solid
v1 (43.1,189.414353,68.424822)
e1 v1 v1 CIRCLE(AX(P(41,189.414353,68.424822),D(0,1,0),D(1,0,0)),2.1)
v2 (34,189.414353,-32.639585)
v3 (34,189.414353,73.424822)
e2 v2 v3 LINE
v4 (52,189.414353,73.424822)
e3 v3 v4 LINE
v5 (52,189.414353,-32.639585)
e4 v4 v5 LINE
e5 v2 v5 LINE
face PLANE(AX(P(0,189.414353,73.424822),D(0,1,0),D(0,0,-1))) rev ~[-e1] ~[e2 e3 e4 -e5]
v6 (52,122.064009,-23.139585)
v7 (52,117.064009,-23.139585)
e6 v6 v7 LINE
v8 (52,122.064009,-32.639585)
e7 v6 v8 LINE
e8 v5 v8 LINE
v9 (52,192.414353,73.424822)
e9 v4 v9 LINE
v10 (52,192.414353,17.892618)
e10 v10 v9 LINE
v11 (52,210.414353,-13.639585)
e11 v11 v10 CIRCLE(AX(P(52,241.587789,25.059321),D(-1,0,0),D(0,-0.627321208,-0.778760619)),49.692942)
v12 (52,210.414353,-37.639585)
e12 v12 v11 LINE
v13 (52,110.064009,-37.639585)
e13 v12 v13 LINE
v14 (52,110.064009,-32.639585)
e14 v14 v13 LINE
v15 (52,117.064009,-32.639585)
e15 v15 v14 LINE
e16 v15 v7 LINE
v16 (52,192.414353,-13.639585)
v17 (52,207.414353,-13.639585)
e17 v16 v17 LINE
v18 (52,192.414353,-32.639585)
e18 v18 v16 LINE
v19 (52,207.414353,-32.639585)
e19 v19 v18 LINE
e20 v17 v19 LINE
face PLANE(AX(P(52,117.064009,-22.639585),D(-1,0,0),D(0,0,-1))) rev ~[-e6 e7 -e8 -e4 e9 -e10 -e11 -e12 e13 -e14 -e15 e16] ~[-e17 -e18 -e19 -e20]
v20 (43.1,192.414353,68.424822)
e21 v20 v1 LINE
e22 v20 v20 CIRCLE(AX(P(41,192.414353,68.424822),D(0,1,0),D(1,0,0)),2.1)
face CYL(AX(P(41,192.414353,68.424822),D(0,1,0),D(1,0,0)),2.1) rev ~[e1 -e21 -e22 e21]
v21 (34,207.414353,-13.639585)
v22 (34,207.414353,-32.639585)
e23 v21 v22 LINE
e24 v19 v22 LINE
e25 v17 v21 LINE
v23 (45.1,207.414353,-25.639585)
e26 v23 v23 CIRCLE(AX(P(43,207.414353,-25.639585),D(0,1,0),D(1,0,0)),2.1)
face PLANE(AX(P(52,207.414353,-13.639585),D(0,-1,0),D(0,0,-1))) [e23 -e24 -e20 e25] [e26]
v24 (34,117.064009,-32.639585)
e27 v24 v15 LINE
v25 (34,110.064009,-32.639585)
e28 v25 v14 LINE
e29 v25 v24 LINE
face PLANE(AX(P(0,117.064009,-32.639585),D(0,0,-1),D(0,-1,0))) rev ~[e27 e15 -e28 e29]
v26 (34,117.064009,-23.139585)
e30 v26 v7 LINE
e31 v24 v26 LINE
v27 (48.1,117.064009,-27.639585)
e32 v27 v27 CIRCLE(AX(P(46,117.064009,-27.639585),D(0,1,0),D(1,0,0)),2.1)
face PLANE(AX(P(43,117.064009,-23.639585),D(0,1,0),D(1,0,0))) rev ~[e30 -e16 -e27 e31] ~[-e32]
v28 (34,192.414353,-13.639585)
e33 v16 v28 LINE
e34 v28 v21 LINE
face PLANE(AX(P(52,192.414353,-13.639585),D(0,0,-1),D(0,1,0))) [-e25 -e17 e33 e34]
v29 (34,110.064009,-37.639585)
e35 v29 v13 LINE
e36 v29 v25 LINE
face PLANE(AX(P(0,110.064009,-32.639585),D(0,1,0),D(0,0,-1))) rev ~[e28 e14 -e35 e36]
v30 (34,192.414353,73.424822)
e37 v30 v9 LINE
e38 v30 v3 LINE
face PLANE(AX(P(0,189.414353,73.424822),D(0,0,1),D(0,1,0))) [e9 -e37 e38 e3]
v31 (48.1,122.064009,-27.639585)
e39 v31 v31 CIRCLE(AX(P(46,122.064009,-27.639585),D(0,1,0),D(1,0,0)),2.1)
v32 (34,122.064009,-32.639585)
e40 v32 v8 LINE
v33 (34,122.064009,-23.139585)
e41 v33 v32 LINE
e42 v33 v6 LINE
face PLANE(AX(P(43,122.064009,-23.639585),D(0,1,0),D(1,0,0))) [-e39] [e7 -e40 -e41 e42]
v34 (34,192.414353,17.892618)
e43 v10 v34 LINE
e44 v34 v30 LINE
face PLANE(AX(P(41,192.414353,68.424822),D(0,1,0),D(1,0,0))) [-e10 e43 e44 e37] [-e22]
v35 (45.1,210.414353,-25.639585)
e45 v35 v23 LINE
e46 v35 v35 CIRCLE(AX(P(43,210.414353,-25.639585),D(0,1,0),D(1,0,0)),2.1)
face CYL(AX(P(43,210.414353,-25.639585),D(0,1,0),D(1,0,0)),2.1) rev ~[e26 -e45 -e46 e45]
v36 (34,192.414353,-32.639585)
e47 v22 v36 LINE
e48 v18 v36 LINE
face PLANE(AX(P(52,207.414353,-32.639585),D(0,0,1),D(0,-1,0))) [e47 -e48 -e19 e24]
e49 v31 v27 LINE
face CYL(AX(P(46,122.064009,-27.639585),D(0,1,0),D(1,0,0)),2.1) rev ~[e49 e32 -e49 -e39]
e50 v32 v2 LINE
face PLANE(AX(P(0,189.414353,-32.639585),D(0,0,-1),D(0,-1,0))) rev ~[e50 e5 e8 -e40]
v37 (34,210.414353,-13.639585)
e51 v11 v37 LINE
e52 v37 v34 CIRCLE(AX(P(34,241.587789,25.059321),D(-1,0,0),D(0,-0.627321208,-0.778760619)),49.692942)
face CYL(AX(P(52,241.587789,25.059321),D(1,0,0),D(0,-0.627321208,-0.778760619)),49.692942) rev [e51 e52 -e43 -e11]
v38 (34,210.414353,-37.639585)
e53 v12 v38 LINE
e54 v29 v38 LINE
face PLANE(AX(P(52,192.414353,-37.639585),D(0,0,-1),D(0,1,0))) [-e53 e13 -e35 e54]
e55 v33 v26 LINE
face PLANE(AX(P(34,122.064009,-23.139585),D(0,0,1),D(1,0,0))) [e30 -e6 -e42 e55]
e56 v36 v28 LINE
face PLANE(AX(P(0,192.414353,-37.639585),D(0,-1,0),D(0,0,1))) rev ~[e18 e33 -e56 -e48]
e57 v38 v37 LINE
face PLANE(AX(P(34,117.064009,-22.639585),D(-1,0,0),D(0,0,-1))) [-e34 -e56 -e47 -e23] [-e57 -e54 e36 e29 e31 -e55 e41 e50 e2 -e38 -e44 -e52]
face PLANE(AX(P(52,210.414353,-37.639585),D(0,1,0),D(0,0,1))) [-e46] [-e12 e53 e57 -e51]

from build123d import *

# Parameters (mm, degrees)
SKETCH4_W           = 106.06440689
SKETCH4_H           = 3
SKETCH4_W_2         = 10
SKETCH4_H_2         = 5
BOSS_EXTRUDE1_DEPTH = 52
SKETCH5_R           = 2.1
CUT_EXTRUDE1_DEPTH  = 52
SKETCH6_R           = 2.1
CUT_EXTRUDE2_DEPTH  = 52
SKETCH7_W           = 16
SKETCH7_H           = 82.35034403
CUT_EXTRUDE4_DEPTH  = 124
BOSS_EXTRUDE2_DEPTH = 18
SKETCH9_R           = 2.1
CUT_EXTRUDE5_DEPTH  = 6
BOSS_EXTRUDE3_DEPTH = 18
SKETCH12_R          = 2.1
CUT_EXTRUDE7_DEPTH  = 11
SKETCH13_W          = 30.758926903
SKETCH13_H          = 118.81058029
CUT_EXTRUDE8_DEPTH  = 134
SKETCH14_W          = 18
SKETCH14_H          = 2
CUT_EXTRUDE9_DEPTH  = 10
BOSS_EXTRUDE4_START = -5
SKETCH15_W          = 18
SKETCH15_H          = 2
SKETCH15_R          = 2.1
BOSS_EXTRUDE4_DEPTH = 5
SKETCH16_R          = 2.1
CUT_EXTRUDE10_DEPTH = 68
SKETCH17_R          = 2.1
BOSS_EXTRUDE5_DEPTH = 3
SKETCH18_R          = 2.1
CUT_EXTRUDE11_DEPTH = 68
SKETCH19_W          = 18
SKETCH19_H          = 0.5
CUT_EXTRUDE12_DEPTH = 68
SKETCH20_W          = 7.887405645
SKETCH20_H          = 8
BOSS_EXTRUDE6_DEPTH = 5
SKETCH21_R          = 2.1
CUT_EXTRUDE13_DEPTH = 10


with BuildPart() as part:
    # Sketch4 → Boss-Extrude1 (new body)
    with BuildSketch(Plane(origin=(0, 0, 0), x_dir=(0, 0, -1), z_dir=(1, 0, 0))):
        with Locations((-20.39261819, 190.914352888)):
            Rectangle(SKETCH4_W, SKETCH4_H)
        Polygon((32.639585255, 189.414352888), (32.639585255, 122.064008858), (32.639585255, 117.064008858), (32.639585255, 110.064008858), (37.639585255, 110.064008858), (37.639585255, 192.414352888), (32.639585255, 192.414352888), align=None)
        with Locations((27.639585255, 119.564008858)):
            Rectangle(SKETCH4_W_2, SKETCH4_H_2)
    extrude(amount=BOSS_EXTRUDE1_DEPTH)

    # Sketch5 → Cut-Extrude1 (cut)
    with BuildSketch(Plane(origin=(0, 122.064008858, 0), x_dir=(1, 0, 0), z_dir=(0, 1, 0))):
        with Locations((6, 27.049585255)):
            Circle(SKETCH5_R)
        with Locations((46, 27.639585255)):
            Circle(SKETCH5_R)
    extrude(amount=-CUT_EXTRUDE1_DEPTH, mode=Mode.SUBTRACT)

    # Sketch6 → Cut-Extrude2 (cut)
    with BuildSketch(Plane(origin=(0, 192.414352888, 0), x_dir=(1, 0, 0), z_dir=(0, 1, 0))):
        with Locations((41, -68.424821635)):
            Circle(SKETCH6_R)
        with Locations((11, -68.424821635)):
            Circle(SKETCH6_R)
    extrude(amount=-CUT_EXTRUDE2_DEPTH, mode=Mode.SUBTRACT)

    # Sketch7 → Cut-Extrude4 (cut)
    with BuildSketch(Plane(origin=(0, 0, -37.639585255), x_dir=(-1, 0, 0), z_dir=(0, 0, -1))):
        with Locations((-26, 151.239180873)):
            Rectangle(SKETCH7_W, SKETCH7_H)
    extrude(amount=-CUT_EXTRUDE4_DEPTH, mode=Mode.SUBTRACT)

    # Sketch8 → Boss-Extrude2 (add)
    with BuildSketch(Plane.ZY):
        with BuildLine():
            Line((-37.639585255, 210.414352888), (-37.639585255, 192.414352888))
            Line((-37.639585255, 192.414352888), (-32.639585255, 192.414352888))
            Line((-32.639585255, 192.414352888), (-32.639585255, 207.414352888))
            Line((-32.639585255, 207.414352888), (-13.639585255, 207.414352888))
            Line((-13.639585255, 207.414352888), (-13.639585255, 192.414352888))
            Line((-13.639585255, 192.414352888), (17.89261819, 192.414352888))
            ThreePointArc((17.89261819, 192.414352888), (0.423706042, 198.431388178), (-13.639585255, 210.414352888))
            Line((-13.639585255, 210.414352888), (-37.639585255, 210.414352888))
        make_face()
    extrude(amount=-BOSS_EXTRUDE2_DEPTH)

    # Sketch9 → Cut-Extrude5 (cut)
    with BuildSketch(Plane(origin=(0, 210.414352888, 0), x_dir=(1, 0, 0), z_dir=(0, 1, 0))):
        with Locations((9, 25.639585255)):
            Circle(SKETCH9_R)
    extrude(amount=-CUT_EXTRUDE5_DEPTH, mode=Mode.SUBTRACT)

    # Sketch11 → Boss-Extrude3 (add)
    with BuildSketch(Plane(origin=(52, 0, 0), x_dir=(0, 0, -1), z_dir=(1, 0, 0))):
        with BuildLine():
            Line((32.639585255, 192.414352888), (37.639585255, 192.414352888))
            Line((37.639585255, 192.414352888), (37.639585255, 210.414352888))
            Line((37.639585255, 210.414352888), (13.639585255, 210.414352888))
            ThreePointArc((13.639585255, 210.414352888), (-0.423706042, 198.431388178), (-17.89261819, 192.414352888))
            Line((-17.89261819, 192.414352888), (13.639585255, 192.414352888))
            Line((13.639585255, 192.414352888), (13.639585255, 207.414352888))
            Line((13.639585255, 207.414352888), (32.639585255, 207.414352888))
            Line((32.639585255, 207.414352888), (32.639585255, 192.414352888))
        make_face()
    extrude(amount=-BOSS_EXTRUDE3_DEPTH)

    # Sketch12 → Cut-Extrude7 (cut)
    with BuildSketch(Plane(origin=(0, 210.414352888, 0), x_dir=(1, 0, 0), z_dir=(0, 1, 0))):
        with Locations((43, 25.639585255)):
            Circle(SKETCH12_R)
    extrude(amount=-CUT_EXTRUDE7_DEPTH, mode=Mode.SUBTRACT)

    # Sketch13 → Cut-Extrude8 (cut)
    with BuildSketch(Plane(origin=(0, 210.414352888, 0), x_dir=(1, 0, 0), z_dir=(0, 1, 0))):
        with Locations((9.143188102, -17.675085242)):
            Rectangle(SKETCH13_W, SKETCH13_H)
    extrude(amount=-CUT_EXTRUDE8_DEPTH, mode=Mode.SUBTRACT)

    # Sketch14 → Cut-Extrude9 (cut)
    with BuildSketch(Plane(origin=(0, 122.064008858, 0), x_dir=(1, 0, 0), z_dir=(0, 1, 0))):
        with Locations((43, 23.639585255)):
            Rectangle(SKETCH14_W, SKETCH14_H)
    extrude(amount=-CUT_EXTRUDE9_DEPTH, mode=Mode.SUBTRACT)

    # Sketch15 → Boss-Extrude4 (add)
    with BuildSketch(Plane(origin=(0, 122.064008858, 0), x_dir=(1, 0, 0), z_dir=(0, 1, 0)).offset(BOSS_EXTRUDE4_START)):
        with Locations((43, 23.639585255)):
            Rectangle(SKETCH15_W, SKETCH15_H)
        with Locations((46, 27.639585255)):
            Circle(SKETCH15_R)
    extrude(amount=BOSS_EXTRUDE4_DEPTH)

    # Sketch16 → Cut-Extrude10 (cut)
    with BuildSketch(Plane(origin=(0, 122.064008858, 0), x_dir=(1, 0, 0), z_dir=(0, 1, 0))):
        with Locations((46, 27.639585255)):
            Circle(SKETCH16_R)
    extrude(amount=-CUT_EXTRUDE10_DEPTH, mode=Mode.SUBTRACT)

    # Sketch17 → Boss-Extrude5 (add)
    with BuildSketch(Plane(origin=(0, 192.414352888, 0), x_dir=(1, 0, 0), z_dir=(0, 1, 0))):
        with Locations((41, -68.424821635)):
            Circle(SKETCH17_R)
    extrude(amount=-BOSS_EXTRUDE5_DEPTH)

    # Sketch18 → Cut-Extrude11 (cut)
    with BuildSketch(Plane(origin=(0, 192.414352888, 0), x_dir=(1, 0, 0), z_dir=(0, 1, 0))):
        with Locations((41, -68.424821635)):
            Circle(SKETCH18_R)
    extrude(amount=-CUT_EXTRUDE11_DEPTH, mode=Mode.SUBTRACT)

    # Sketch19 → Cut-Extrude12 (cut)
    with BuildSketch(Plane(origin=(0, 122.064008858, 0), x_dir=(1, 0, 0), z_dir=(0, 1, 0))):
        with Locations((43, 22.889585255)):
            Rectangle(SKETCH19_W, SKETCH19_H)
    extrude(amount=-CUT_EXTRUDE12_DEPTH, mode=Mode.SUBTRACT)

    # Sketch20 → Boss-Extrude6 (add)
    with BuildSketch(Plane(origin=(0, 122.064008858, 0), x_dir=(1, 0, 0), z_dir=(0, 1, 0))):
        with Locations((45.93127306, 28.865937897)):
            Rectangle(SKETCH20_W, SKETCH20_H)
    extrude(amount=-BOSS_EXTRUDE6_DEPTH)

    # Sketch21 → Cut-Extrude13 (cut)
    with BuildSketch(Plane(origin=(0, 122.064008858, 0), x_dir=(1, 0, 0), z_dir=(0, 1, 0))):
        with Locations((46, 27.639585255)):
            Circle(SKETCH21_R)
    extrude(amount=-CUT_EXTRUDE13_DEPTH, mode=Mode.SUBTRACT)


solid = part.part
